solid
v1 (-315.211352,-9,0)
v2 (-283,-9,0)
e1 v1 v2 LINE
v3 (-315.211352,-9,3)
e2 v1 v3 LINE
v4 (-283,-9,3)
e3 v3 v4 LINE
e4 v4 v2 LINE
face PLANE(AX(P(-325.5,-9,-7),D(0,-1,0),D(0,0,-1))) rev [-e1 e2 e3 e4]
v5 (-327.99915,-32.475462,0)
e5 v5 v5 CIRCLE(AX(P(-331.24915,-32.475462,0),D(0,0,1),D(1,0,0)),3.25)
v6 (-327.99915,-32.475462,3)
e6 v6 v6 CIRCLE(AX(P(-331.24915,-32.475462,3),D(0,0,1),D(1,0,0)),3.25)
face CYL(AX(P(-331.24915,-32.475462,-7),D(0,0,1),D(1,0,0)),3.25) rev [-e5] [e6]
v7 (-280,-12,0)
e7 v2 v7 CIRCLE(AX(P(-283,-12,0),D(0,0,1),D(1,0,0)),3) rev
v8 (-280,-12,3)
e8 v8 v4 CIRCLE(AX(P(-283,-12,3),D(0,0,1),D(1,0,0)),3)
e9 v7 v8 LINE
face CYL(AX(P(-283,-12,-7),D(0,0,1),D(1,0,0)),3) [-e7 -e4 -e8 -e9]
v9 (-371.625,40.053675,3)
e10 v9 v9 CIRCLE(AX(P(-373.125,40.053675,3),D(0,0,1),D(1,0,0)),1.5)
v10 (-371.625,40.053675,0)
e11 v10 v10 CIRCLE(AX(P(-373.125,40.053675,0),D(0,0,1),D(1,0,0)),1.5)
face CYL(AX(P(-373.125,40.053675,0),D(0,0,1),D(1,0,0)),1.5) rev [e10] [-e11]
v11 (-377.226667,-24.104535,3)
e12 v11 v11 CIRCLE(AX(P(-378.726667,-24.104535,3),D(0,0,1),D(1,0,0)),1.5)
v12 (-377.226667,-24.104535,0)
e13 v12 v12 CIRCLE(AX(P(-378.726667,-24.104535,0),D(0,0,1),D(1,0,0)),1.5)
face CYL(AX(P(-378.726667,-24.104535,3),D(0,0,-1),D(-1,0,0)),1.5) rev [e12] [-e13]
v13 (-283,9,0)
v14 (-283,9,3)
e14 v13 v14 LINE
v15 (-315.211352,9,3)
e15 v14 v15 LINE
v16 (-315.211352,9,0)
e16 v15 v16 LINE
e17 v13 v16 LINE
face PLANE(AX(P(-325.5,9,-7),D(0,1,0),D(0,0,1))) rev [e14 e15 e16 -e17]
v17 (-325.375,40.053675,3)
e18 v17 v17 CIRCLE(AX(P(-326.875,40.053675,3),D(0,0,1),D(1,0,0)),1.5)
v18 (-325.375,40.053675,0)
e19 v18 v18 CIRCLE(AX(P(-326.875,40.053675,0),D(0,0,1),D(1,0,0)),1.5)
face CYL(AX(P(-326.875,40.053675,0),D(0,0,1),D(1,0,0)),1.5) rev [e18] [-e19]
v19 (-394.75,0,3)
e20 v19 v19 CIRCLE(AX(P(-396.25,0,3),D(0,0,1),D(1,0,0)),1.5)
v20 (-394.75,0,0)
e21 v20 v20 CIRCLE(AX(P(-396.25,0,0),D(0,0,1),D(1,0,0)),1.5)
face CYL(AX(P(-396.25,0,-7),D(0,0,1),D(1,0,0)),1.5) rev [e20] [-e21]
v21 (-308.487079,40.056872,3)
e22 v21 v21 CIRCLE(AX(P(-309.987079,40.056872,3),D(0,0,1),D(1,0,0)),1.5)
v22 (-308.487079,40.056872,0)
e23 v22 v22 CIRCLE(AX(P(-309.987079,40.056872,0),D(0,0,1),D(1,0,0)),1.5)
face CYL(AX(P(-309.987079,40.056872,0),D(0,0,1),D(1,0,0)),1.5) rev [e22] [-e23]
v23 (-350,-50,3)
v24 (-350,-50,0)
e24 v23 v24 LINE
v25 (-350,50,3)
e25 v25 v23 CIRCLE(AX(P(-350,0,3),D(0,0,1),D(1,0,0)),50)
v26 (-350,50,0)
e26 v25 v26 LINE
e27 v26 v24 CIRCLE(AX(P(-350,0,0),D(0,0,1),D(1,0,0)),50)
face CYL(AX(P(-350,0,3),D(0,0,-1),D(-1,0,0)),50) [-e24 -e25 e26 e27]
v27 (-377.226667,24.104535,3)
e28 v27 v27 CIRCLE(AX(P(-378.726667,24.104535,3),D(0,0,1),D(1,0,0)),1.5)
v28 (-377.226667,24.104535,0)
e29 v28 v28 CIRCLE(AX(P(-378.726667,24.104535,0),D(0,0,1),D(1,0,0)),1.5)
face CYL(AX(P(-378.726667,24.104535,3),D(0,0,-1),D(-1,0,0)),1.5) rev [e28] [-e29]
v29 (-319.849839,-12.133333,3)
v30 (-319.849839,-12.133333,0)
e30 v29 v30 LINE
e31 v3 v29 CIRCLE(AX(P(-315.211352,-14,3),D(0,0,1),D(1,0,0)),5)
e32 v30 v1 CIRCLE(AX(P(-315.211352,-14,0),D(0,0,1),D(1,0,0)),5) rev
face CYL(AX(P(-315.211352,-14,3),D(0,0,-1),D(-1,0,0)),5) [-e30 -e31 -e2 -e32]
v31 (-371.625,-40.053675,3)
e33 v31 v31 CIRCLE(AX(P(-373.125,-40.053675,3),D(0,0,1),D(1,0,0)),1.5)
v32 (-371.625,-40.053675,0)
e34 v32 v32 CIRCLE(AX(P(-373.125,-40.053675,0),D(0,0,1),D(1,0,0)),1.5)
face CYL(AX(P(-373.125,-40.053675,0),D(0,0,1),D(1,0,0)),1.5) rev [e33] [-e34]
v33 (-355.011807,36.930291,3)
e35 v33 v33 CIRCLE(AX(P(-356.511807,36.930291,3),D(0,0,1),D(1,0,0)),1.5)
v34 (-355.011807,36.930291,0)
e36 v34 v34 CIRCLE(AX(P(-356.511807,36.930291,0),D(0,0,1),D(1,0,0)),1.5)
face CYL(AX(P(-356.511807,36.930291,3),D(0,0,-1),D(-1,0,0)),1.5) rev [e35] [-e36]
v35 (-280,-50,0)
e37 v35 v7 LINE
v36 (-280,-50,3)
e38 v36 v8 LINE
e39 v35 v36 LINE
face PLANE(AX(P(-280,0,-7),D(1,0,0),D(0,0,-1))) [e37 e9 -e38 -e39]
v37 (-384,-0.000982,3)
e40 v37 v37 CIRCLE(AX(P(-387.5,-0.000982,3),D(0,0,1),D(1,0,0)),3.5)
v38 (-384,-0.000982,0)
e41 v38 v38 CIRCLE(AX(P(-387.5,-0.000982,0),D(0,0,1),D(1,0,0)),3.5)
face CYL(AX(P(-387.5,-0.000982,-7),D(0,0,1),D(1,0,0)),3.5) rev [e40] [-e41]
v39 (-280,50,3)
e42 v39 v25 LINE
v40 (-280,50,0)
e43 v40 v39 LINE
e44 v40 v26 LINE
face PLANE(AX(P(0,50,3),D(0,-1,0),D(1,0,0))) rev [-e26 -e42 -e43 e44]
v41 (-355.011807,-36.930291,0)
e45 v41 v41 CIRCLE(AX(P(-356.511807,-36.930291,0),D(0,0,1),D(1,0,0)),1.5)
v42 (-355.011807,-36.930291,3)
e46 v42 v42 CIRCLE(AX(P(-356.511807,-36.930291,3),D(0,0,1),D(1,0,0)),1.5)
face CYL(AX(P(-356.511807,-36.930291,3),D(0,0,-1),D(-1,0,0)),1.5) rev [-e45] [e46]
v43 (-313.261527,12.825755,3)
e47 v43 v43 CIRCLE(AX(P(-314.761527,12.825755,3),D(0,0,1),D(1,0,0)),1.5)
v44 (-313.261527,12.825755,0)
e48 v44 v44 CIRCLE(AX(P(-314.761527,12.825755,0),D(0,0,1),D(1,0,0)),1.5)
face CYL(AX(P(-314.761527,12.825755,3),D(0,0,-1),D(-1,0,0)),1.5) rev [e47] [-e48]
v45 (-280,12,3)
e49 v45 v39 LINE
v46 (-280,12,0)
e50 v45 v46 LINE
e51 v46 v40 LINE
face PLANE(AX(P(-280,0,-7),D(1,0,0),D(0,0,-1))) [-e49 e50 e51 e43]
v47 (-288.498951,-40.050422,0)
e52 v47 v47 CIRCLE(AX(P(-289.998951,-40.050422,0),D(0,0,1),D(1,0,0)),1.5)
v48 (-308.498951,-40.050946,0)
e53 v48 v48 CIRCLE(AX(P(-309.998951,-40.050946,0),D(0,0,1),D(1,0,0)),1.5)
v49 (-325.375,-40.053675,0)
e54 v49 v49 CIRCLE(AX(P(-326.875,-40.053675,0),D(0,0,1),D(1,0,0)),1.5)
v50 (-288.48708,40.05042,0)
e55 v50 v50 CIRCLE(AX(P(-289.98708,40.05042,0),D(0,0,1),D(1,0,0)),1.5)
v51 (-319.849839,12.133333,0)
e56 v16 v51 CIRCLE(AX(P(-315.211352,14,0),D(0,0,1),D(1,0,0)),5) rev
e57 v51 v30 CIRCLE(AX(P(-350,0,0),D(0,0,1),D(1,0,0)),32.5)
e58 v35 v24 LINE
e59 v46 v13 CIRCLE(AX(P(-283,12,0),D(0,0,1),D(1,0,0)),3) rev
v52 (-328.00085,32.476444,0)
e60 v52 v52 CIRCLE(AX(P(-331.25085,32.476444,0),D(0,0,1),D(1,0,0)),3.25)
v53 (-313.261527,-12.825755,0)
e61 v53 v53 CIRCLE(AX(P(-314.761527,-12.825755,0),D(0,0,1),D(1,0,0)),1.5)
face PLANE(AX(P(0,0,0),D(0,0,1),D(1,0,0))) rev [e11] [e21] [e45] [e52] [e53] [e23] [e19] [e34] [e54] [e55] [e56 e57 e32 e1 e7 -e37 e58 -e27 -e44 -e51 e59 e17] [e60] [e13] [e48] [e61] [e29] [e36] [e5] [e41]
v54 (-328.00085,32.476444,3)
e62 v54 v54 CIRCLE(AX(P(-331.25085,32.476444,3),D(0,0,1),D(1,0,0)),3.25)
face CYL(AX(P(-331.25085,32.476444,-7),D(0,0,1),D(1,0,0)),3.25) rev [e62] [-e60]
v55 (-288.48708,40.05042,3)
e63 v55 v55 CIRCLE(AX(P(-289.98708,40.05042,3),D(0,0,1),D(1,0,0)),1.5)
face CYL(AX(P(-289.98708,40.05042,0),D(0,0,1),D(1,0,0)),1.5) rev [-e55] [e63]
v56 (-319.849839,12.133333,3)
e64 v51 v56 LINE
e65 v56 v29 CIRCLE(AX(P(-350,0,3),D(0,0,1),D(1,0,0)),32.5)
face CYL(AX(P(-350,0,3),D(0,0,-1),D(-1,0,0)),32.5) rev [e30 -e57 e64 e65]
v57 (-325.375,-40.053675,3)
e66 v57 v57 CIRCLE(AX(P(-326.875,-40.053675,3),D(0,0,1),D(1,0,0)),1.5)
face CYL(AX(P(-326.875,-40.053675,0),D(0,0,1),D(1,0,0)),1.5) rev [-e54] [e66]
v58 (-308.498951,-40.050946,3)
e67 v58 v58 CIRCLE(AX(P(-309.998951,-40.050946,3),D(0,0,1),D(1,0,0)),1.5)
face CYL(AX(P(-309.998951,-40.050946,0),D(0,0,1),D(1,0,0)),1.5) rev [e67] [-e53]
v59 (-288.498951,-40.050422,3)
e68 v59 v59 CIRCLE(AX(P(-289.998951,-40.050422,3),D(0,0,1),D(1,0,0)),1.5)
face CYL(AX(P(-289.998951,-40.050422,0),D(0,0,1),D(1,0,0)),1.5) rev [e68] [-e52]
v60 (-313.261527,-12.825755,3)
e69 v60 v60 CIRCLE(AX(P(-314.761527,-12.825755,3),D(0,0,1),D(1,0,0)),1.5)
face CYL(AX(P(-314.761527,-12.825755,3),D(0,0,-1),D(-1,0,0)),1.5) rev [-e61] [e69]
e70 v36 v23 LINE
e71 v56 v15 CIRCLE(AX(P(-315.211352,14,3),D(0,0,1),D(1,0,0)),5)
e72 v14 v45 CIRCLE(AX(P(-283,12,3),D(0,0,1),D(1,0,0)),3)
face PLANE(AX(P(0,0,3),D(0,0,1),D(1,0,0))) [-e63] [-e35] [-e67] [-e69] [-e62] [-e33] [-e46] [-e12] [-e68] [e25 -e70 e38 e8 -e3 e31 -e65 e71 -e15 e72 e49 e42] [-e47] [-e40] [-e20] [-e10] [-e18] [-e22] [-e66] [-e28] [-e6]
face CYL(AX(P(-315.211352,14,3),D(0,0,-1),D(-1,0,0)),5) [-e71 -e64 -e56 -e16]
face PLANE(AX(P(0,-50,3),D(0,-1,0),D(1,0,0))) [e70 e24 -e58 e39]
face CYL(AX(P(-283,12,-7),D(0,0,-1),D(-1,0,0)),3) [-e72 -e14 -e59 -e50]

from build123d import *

# Parameters (mm, degrees)
SKETCH_1_R          = 1.5
SKETCH_1_R_2        = 32.5
EXTRUDE_1_DEPTH     = 3
SKETCH_2_R          = 3.25
SKETCH_2_R_2        = 3.5
SKETCH_2_W          = 16
SKETCH_2_H          = 18
CUT_EXTRUDE_2_DEPTH = 10
FILLET_2_R          = 5
FILLET_3_R          = 2
CUT_EXTRUDE_START   = -10
SKETCH_3_R          = 1.5
SKETCH_3_R_2        = 32.5
CUT_EXTRUDE_3_DEPTH = 10
SKETCH_5_R          = 1.5
CUT_EXTRUDE_4_DEPTH = 10
SKETCH_6_R          = 1.5
CUT_EXTRUDE_5_DEPTH = 404.124050386
SKETCH_7_R          = 1.5
CUT_EXTRUDE_6_DEPTH = 404.124050386
SKETCH_8_W          = 45.011761124
SKETCH_8_H          = 18
CUT_EXTRUDE_7_DEPTH = 10
FILLET_4_R          = 3


with BuildPart() as part:
    # 草图1 → 凸台-拉伸1 (new body)
    with BuildSketch(Plane.XY):
        with BuildLine():
            Line((-10, 50), (-350, 50))
            ThreePointArc((-350, 50), (-400, 0), (-350, -50))
            Line((-350, -50), (-10, -50))
            ThreePointArc((-10, -50), (40, 0), (-10, 50))
        make_face()
        with Locations((-387.5, 0)):
            Circle(SKETCH_1_R, mode=Mode.SUBTRACT)
        with Locations((-378.726666617, 24.104535363)):
            Circle(SKETCH_1_R, mode=Mode.SUBTRACT)
        with Locations((-356.511806663, 36.930290738)):
            Circle(SKETCH_1_R, mode=Mode.SUBTRACT)
        with Locations((-331.25, 32.475952642)):
            Circle(SKETCH_1_R, mode=Mode.SUBTRACT)
        with Locations((-314.761526721, 12.825755375)):
            Circle(SKETCH_1_R, mode=Mode.SUBTRACT)
        with Locations((-314.761526721, -12.825755375)):
            Circle(SKETCH_1_R, mode=Mode.SUBTRACT)
        with Locations((-331.25, -32.475952642)):
            Circle(SKETCH_1_R, mode=Mode.SUBTRACT)
        with Locations((-356.511806663, -36.930290738)):
            Circle(SKETCH_1_R, mode=Mode.SUBTRACT)
        with Locations((-378.726666617, -24.104535363)):
            Circle(SKETCH_1_R, mode=Mode.SUBTRACT)
        with Locations((-350, 0)):
            Circle(SKETCH_1_R_2, mode=Mode.SUBTRACT)
        with Locations((-10, 0)):
            Circle(SKETCH_1_R_2, mode=Mode.SUBTRACT)
        with Locations((18.726666617, -24.104535363)):
            Circle(SKETCH_1_R, mode=Mode.SUBTRACT)
        with Locations((-3.488193337, -36.930290738)):
            Circle(SKETCH_1_R, mode=Mode.SUBTRACT)
        with Locations((-28.75, -32.475952642)):
            Circle(SKETCH_1_R, mode=Mode.SUBTRACT)
        with Locations((-45.238473279, -12.825755375)):
            Circle(SKETCH_1_R, mode=Mode.SUBTRACT)
        with Locations((-45.238473279, 12.825755375)):
            Circle(SKETCH_1_R, mode=Mode.SUBTRACT)
        with Locations((-28.75, 32.475952642)):
            Circle(SKETCH_1_R, mode=Mode.SUBTRACT)
        with Locations((-3.488193337, 36.930290738)):
            Circle(SKETCH_1_R, mode=Mode.SUBTRACT)
        with Locations((18.726666617, 24.104535363)):
            Circle(SKETCH_1_R, mode=Mode.SUBTRACT)
        with Locations((27.5, 0)):
            Circle(SKETCH_1_R, mode=Mode.SUBTRACT)
    extrude(amount=EXTRUDE_1_DEPTH)

    # 草图2 → 切除-拉伸2 (cut)
    with BuildSketch(Plane.XY.offset(3)):
        with Locations((-331.250850225, 32.476443505)):
            Circle(SKETCH_2_R)
        with Locations((-387.499999987, -0.000981748)):
            Circle(SKETCH_2_R_2)
        with Locations((-331.249149788, -32.475461757)):
            Circle(SKETCH_2_R)
        with Locations((-317.5, 0)):
            Rectangle(SKETCH_2_W, SKETCH_2_H)
    extrude(amount=-CUT_EXTRUDE_2_DEPTH, mode=Mode.SUBTRACT)

    # 圆角2
    fillet_2_edges = [part.edges().sort_by_distance(p)[0] for p in [
        (-318.771007061, -9, 1.5),
        (-318.771007061, 9, 1.5),
    ]]
    fillet(fillet_2_edges, radius=FILLET_2_R)

    # 圆角3
    fillet_3_edges = [part.edges().sort_by_distance(p)[0] for p in [
        (-309.5, 9, 1.5),
        (-309.5, -9, 1.5),
    ]]
    fillet(fillet_3_edges, radius=FILLET_3_R)

    # 草图3 → 切除-拉伸3 (cut)
    with BuildSketch(Plane.XY.offset(3).offset(CUT_EXTRUDE_START)):
        with BuildLine():
            Line((-280, -50), (-180, -50))
            Line((-180, -50), (-10, -50))
            ThreePointArc((-10, -50), (40, 0), (-10, 50))
            Line((-10, 50), (-280, 50))
            Line((-280, 50), (-280, -50))
        make_face()
        with Locations((-28.75, -32.475952642)):
            Circle(SKETCH_3_R, mode=Mode.SUBTRACT)
        with Locations((-3.488193337, -36.930290738)):
            Circle(SKETCH_3_R, mode=Mode.SUBTRACT)
        with Locations((18.726666617, -24.104535363)):
            Circle(SKETCH_3_R, mode=Mode.SUBTRACT)
        with Locations((-45.238473279, -12.825755375)):
            Circle(SKETCH_3_R, mode=Mode.SUBTRACT)
        with Locations((-45.238473279, 12.825755375)):
            Circle(SKETCH_3_R, mode=Mode.SUBTRACT)
        with Locations((-10, 0)):
            Circle(SKETCH_3_R_2, mode=Mode.SUBTRACT)
        with Locations((27.5, 0)):
            Circle(SKETCH_3_R, mode=Mode.SUBTRACT)
        with Locations((-28.75, 32.475952642)):
            Circle(SKETCH_3_R, mode=Mode.SUBTRACT)
        with Locations((18.726666617, 24.104535363)):
            Circle(SKETCH_3_R, mode=Mode.SUBTRACT)
        with Locations((-3.488193337, 36.930290738)):
            Circle(SKETCH_3_R, mode=Mode.SUBTRACT)
    extrude(amount=CUT_EXTRUDE_3_DEPTH, mode=Mode.SUBTRACT)

    # 草图5 → 切除-拉伸4 (cut)
    with BuildSketch(Plane.XY.offset(3)):
        with Locations((-396.25, 0)):
            Circle(SKETCH_5_R)
    extrude(amount=-CUT_EXTRUDE_4_DEPTH, mode=Mode.SUBTRACT)

    # 草图6 → 切除-拉伸5 (cut, through all)
    with BuildSketch(Plane.XY.offset(3)):
        with Locations((-396.25, 0)):
            Circle(SKETCH_6_R)
        with Locations((-373.125, 40.053674925)):
            Circle(SKETCH_6_R)
        with Locations((-326.875, 40.053674925)):
            Circle(SKETCH_6_R)
        with Locations((-303.75, 0)):
            Circle(SKETCH_6_R)
        with Locations((-326.875, -40.053674925)):
            Circle(SKETCH_6_R)
        with Locations((-373.125, -40.053674925)):
            Circle(SKETCH_6_R)
    extrude(amount=-CUT_EXTRUDE_5_DEPTH, mode=Mode.SUBTRACT)

    # 草图7 → 切除-拉伸6 (cut, through all)
    with BuildSketch(Plane.XY.offset(3)):
        with Locations((-309.987078995, 40.056872182)):
            Circle(SKETCH_7_R)
        with Locations((-289.987080036, 40.050420343)):
            Circle(SKETCH_7_R)
        with Locations((-309.998951455, -40.050946012)):
            Circle(SKETCH_7_R)
        with Locations((-289.998951462, -40.050422413)):
            Circle(SKETCH_7_R)
    extrude(amount=-CUT_EXTRUDE_6_DEPTH, mode=Mode.SUBTRACT)

    # 草图8 → 切除-拉伸7 (cut)
    with BuildSketch(Plane.XY.offset(3)):
        with Locations((-290.849795651, 0)):
            Rectangle(SKETCH_8_W, SKETCH_8_H)
    extrude(amount=-CUT_EXTRUDE_7_DEPTH, mode=Mode.SUBTRACT)

    # 圆角4
    fillet_4_edges = [part.edges().sort_by_distance(p)[0] for p in [
        (-280, -9, 1.5),
        (-280, 9, 1.5),
    ]]
    fillet(fillet_4_edges, radius=FILLET_4_R)


solid = part.part
